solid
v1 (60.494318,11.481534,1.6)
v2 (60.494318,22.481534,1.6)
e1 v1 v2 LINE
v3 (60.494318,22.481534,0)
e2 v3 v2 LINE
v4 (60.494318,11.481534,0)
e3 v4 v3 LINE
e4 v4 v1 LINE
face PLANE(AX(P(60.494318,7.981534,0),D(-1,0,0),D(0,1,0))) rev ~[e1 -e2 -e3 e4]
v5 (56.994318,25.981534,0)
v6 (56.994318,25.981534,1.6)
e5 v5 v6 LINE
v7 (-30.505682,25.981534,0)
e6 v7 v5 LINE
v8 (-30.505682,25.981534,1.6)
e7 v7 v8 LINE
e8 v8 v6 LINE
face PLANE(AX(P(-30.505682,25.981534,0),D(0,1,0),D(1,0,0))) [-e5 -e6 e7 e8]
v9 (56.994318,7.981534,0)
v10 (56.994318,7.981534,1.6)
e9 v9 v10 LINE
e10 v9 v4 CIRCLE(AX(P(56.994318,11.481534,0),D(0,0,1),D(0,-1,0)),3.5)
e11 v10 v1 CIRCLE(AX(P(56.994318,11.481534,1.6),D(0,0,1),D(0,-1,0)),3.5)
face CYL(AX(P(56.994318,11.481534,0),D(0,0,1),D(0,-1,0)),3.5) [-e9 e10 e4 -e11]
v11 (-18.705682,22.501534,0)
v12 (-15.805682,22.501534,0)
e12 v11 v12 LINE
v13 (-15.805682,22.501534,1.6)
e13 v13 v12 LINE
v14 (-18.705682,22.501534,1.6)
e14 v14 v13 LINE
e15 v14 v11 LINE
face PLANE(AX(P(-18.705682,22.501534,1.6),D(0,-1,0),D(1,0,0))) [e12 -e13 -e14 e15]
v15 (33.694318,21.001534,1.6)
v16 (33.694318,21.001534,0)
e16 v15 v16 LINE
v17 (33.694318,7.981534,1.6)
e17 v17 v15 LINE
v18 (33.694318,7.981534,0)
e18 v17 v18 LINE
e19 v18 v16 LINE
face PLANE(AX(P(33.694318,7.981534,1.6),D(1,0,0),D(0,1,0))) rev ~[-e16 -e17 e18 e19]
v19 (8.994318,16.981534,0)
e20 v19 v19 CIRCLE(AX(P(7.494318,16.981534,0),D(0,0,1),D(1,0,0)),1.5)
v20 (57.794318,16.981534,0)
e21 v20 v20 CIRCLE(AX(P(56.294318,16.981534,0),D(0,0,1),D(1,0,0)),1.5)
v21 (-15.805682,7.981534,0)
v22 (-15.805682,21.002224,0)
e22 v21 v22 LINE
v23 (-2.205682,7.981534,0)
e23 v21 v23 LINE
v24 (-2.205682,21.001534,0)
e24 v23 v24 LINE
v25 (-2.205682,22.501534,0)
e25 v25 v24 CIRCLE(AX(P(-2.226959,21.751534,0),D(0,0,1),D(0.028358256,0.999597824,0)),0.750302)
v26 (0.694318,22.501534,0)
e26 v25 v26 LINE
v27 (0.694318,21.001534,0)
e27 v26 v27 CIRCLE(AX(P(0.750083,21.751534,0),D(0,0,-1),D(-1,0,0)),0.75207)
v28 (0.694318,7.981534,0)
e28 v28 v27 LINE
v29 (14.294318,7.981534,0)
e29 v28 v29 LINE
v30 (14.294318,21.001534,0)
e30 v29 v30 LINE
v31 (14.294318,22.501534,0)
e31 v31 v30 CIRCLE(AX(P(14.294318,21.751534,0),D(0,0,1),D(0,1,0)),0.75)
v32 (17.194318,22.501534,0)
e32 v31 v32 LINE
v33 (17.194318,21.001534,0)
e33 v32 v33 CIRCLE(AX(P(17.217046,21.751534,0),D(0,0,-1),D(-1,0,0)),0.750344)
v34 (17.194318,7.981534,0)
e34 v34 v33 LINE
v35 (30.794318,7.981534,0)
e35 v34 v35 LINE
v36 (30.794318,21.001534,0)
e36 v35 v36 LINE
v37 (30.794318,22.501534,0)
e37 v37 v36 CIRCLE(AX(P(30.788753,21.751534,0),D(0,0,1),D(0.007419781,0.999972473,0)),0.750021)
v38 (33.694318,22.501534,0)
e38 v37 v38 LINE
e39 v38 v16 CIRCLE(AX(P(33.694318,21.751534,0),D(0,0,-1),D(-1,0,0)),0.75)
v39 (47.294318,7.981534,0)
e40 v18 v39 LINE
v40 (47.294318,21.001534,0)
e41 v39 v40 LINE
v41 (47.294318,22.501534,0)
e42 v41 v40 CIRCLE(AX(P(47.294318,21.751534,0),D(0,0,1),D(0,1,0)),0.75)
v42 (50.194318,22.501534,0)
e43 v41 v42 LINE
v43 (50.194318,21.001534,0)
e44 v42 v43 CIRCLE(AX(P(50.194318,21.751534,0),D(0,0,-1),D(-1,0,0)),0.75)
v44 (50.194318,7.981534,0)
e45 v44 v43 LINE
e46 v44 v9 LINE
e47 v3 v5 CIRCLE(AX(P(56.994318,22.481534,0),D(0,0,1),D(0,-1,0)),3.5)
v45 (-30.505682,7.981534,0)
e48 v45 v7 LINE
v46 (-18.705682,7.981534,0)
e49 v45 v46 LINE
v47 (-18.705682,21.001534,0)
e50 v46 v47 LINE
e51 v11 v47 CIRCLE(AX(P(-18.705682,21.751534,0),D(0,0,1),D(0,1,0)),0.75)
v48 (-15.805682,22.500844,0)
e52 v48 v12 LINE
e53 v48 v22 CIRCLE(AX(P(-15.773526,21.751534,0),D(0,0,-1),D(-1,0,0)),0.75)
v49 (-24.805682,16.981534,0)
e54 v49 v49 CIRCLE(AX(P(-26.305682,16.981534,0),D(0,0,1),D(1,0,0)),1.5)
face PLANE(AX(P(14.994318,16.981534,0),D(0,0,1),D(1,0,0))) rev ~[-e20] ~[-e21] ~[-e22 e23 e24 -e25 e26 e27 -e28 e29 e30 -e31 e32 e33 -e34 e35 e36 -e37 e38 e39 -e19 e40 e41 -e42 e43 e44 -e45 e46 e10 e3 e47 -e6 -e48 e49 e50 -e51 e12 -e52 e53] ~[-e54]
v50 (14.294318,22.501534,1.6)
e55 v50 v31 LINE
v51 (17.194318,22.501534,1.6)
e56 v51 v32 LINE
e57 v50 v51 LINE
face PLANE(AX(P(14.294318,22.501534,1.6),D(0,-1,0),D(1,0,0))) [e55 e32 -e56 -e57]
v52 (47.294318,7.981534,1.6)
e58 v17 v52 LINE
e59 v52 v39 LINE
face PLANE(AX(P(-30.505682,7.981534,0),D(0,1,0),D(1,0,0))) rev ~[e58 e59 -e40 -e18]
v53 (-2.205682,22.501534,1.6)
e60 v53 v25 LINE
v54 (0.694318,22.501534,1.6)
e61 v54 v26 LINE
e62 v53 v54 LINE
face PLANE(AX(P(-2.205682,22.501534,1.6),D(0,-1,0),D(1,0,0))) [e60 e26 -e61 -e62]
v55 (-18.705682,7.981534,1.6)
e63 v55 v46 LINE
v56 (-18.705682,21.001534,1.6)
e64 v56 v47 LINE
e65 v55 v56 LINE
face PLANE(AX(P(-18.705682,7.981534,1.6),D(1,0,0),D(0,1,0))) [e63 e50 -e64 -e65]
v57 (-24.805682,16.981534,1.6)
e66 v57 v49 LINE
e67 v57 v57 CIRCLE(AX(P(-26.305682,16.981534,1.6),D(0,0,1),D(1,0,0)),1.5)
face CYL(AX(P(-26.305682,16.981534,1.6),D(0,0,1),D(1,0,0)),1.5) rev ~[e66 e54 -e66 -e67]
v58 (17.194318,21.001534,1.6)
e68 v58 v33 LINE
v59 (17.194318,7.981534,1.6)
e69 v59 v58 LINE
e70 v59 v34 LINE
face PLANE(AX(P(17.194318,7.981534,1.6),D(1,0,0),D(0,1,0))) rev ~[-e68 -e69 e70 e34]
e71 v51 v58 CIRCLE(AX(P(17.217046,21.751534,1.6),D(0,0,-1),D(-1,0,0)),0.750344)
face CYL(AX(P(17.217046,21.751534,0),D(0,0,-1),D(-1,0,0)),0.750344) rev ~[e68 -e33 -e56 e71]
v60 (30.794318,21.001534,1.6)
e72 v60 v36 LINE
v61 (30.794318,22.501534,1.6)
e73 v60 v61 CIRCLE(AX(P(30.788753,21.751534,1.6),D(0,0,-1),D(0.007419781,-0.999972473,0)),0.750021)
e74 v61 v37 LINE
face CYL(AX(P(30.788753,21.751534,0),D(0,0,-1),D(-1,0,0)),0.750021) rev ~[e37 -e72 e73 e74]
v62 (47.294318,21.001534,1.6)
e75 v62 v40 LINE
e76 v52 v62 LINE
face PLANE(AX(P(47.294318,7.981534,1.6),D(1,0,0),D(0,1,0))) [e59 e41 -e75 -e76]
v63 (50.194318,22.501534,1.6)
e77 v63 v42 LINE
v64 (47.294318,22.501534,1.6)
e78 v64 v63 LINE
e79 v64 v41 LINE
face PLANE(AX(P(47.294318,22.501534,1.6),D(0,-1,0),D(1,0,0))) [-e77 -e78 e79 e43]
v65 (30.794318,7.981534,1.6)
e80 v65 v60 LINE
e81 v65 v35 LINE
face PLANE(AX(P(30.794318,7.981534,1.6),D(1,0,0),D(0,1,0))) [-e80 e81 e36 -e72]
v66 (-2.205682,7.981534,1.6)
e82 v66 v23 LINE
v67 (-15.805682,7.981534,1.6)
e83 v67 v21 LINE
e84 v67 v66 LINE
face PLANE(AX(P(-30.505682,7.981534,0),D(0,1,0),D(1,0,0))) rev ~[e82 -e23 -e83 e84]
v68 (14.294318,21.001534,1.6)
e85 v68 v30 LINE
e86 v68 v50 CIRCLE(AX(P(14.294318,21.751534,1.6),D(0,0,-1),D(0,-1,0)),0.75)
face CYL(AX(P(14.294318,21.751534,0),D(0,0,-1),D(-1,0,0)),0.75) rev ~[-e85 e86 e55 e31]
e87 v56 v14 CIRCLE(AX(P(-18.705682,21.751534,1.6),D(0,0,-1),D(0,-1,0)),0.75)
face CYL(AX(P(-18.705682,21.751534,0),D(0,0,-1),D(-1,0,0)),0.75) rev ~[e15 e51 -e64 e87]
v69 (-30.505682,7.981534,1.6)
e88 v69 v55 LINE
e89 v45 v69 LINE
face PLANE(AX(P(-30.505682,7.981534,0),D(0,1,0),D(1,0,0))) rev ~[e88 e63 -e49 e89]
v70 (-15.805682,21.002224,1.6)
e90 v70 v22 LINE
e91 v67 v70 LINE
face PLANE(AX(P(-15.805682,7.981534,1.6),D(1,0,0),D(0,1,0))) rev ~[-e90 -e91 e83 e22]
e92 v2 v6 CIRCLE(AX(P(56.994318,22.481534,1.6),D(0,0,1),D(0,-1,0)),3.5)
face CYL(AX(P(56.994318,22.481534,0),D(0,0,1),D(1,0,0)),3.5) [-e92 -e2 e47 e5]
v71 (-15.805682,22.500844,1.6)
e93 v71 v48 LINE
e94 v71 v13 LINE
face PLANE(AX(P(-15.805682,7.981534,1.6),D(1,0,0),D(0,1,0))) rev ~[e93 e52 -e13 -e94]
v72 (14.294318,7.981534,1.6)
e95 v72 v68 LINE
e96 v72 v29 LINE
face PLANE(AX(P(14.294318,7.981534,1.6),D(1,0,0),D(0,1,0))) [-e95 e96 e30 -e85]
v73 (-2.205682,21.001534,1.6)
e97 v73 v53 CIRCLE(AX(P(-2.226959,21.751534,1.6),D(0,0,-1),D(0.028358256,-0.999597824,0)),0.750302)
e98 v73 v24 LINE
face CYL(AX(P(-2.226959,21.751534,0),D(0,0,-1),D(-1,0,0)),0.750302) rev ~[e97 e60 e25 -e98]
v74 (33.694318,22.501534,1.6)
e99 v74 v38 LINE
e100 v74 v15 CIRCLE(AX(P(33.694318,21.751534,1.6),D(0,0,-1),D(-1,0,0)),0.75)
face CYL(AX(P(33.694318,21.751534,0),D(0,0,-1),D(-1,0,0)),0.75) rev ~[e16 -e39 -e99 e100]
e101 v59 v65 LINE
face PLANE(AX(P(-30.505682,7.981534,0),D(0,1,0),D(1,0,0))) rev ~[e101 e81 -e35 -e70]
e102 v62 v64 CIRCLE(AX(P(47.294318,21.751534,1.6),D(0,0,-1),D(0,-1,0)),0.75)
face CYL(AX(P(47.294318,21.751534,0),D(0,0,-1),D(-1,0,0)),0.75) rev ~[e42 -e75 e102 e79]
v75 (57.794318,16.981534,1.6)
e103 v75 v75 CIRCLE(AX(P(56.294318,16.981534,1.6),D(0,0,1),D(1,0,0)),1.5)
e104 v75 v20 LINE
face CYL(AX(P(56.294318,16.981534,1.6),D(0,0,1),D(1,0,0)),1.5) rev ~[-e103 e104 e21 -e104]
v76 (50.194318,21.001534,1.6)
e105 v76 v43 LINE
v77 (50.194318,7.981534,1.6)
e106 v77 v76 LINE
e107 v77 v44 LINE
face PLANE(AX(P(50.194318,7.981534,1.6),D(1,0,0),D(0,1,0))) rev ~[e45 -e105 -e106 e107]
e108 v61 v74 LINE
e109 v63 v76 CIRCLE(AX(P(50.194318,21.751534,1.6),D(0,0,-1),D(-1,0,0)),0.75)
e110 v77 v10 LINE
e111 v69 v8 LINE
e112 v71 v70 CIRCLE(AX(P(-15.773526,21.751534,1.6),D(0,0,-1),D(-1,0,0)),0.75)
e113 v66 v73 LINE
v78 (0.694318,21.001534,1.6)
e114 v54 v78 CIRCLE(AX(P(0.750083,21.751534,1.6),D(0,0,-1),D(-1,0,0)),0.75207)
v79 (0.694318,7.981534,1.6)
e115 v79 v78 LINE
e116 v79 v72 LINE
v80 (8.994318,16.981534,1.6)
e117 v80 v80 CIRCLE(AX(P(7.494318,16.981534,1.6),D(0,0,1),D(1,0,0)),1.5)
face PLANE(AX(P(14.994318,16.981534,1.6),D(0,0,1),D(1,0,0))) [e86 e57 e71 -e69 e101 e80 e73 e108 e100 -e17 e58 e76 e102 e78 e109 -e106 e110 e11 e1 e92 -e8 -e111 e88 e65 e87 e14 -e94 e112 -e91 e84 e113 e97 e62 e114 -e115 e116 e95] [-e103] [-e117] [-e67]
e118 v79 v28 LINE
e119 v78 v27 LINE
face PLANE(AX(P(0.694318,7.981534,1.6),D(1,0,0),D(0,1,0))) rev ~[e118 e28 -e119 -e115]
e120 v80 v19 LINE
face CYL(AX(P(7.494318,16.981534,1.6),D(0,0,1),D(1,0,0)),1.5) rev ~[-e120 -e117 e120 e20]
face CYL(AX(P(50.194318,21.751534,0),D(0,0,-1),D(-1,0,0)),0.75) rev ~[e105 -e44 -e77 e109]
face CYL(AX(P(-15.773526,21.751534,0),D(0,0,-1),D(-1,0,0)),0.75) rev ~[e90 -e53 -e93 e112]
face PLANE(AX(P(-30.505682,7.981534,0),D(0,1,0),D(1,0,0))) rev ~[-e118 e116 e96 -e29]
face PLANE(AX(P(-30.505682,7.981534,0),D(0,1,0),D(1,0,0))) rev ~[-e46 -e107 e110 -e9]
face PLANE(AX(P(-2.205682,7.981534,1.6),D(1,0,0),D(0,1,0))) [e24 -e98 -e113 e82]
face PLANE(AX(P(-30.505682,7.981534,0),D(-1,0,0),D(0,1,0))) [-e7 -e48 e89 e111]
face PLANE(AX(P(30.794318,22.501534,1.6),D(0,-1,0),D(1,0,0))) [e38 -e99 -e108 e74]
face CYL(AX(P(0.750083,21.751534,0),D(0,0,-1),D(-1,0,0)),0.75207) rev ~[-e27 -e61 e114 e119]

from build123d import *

# Parameters (mm, degrees)
SZKIC1_W                    = 91
SZKIC1_H                    = 18
DODANIE_WYCI_GNI_CIE1_DEPTH = 1.6
ZAOKR_GLENIE2_R             = 3.5
SZKIC5_W                    = 2.9
SZKIC5_H                    = 14.52
WYTNIJ_WYCI_GNI_CIE2_DEPTH  = 1.6
SZKIC7_R                    = 1.5
WYTNIJ_WYCI_GNI_CIE3_DEPTH  = 1.6
SZKIC10_R                   = 1.5
WYTNIJ_WYCI_GNI_CIE4_DEPTH  = 1.6
SZKIC11_R                   = 0.75
SZKIC11_R_2                 = 0.750301754
SZKIC11_R_3                 = 0.752070273
SZKIC11_R_4                 = 0.7503443
SZKIC11_R_5                 = 0.750020646
WYTNIJ_WYCI_GNI_CIE5_DEPTH  = 1.6


with BuildPart() as part:
    # Szkic1 → Dodanie-wyciągnięcie1 (new body)
    with BuildSketch(Plane.XY):
        with Locations((14.994318182, 16.981534091)):
            Rectangle(SZKIC1_W, SZKIC1_H)
    extrude(amount=DODANIE_WYCI_GNI_CIE1_DEPTH)

    # Zaokrąglenie2
    zaokr_glenie2_edges = [part.edges().sort_by_distance(p)[0] for p in [
        (60.494318182, 25.981534091, 0.8),
        (60.494318182, 7.981534091, 0.8),
    ]]
    fillet(zaokr_glenie2_edges, radius=ZAOKR_GLENIE2_R)

    # Szkic5 → Wytnij-wyciągnięcie2 (cut)
    with BuildSketch(Plane.XY.offset(1.6)):
        with Locations((-17.255681818, 15.241534091)):
            Rectangle(SZKIC5_W, SZKIC5_H)
        with Locations((-0.755681818, 15.241534091)):
            Rectangle(SZKIC5_W, SZKIC5_H)
        with Locations((15.744318182, 15.241534091)):
            Rectangle(SZKIC5_W, SZKIC5_H)
        with Locations((32.244318182, 15.241534091)):
            Rectangle(SZKIC5_W, SZKIC5_H)
        with Locations((48.744318182, 15.241534091)):
            Rectangle(SZKIC5_W, SZKIC5_H)
    extrude(amount=-WYTNIJ_WYCI_GNI_CIE2_DEPTH, mode=Mode.SUBTRACT)

    # Szkic7 → Wytnij-wyciągnięcie3 (cut)
    with BuildSketch(Plane.XY.offset(1.6)):
        with Locations((-26.305681818, 16.981534091)):
            Circle(SZKIC7_R)
        with Locations((56.294318182, 16.981534091)):
            Circle(SZKIC7_R)
    extrude(amount=-WYTNIJ_WYCI_GNI_CIE3_DEPTH, mode=Mode.SUBTRACT)

    # Szkic10 → Wytnij-wyciągnięcie4 (cut)
    with BuildSketch(Plane.XY.offset(1.6)):
        with Locations((7.494318182, 16.981534091)):
            Circle(SZKIC10_R)
    extrude(amount=-WYTNIJ_WYCI_GNI_CIE4_DEPTH, mode=Mode.SUBTRACT)

    # Szkic11 → Wytnij-wyciągnięcie5 (cut)
    with BuildSketch(Plane(origin=(0, 0, 0), x_dir=(-1, 0, 0), z_dir=(0, 0, -1))):
        with Locations((18.705681818, 21.751534091)):
            Circle(SZKIC11_R)
        with Locations((15.773526009, 21.751534091)):
            Circle(SZKIC11_R)
        with Locations((2.226959067, 21.751534091)):
            Circle(SZKIC11_R_2)
        with Locations((-0.75008283, 21.751534091)):
            Circle(SZKIC11_R_3)
        with Locations((-14.294318182, 21.751534091)):
            Circle(SZKIC11_R)
        with Locations((-17.217046338, 21.751534091)):
            Circle(SZKIC11_R_4)
        with Locations((-30.788753193, 21.751534091)):
            Circle(SZKIC11_R_5)
        with Locations((-33.694318182, 21.751534091)):
            Circle(SZKIC11_R)
        with Locations((-47.294318182, 21.751534091)):
            Circle(SZKIC11_R)
        with Locations((-50.194318182, 21.751534091)):
            Circle(SZKIC11_R)
    extrude(amount=-WYTNIJ_WYCI_GNI_CIE5_DEPTH, mode=Mode.SUBTRACT)


solid = part.part
